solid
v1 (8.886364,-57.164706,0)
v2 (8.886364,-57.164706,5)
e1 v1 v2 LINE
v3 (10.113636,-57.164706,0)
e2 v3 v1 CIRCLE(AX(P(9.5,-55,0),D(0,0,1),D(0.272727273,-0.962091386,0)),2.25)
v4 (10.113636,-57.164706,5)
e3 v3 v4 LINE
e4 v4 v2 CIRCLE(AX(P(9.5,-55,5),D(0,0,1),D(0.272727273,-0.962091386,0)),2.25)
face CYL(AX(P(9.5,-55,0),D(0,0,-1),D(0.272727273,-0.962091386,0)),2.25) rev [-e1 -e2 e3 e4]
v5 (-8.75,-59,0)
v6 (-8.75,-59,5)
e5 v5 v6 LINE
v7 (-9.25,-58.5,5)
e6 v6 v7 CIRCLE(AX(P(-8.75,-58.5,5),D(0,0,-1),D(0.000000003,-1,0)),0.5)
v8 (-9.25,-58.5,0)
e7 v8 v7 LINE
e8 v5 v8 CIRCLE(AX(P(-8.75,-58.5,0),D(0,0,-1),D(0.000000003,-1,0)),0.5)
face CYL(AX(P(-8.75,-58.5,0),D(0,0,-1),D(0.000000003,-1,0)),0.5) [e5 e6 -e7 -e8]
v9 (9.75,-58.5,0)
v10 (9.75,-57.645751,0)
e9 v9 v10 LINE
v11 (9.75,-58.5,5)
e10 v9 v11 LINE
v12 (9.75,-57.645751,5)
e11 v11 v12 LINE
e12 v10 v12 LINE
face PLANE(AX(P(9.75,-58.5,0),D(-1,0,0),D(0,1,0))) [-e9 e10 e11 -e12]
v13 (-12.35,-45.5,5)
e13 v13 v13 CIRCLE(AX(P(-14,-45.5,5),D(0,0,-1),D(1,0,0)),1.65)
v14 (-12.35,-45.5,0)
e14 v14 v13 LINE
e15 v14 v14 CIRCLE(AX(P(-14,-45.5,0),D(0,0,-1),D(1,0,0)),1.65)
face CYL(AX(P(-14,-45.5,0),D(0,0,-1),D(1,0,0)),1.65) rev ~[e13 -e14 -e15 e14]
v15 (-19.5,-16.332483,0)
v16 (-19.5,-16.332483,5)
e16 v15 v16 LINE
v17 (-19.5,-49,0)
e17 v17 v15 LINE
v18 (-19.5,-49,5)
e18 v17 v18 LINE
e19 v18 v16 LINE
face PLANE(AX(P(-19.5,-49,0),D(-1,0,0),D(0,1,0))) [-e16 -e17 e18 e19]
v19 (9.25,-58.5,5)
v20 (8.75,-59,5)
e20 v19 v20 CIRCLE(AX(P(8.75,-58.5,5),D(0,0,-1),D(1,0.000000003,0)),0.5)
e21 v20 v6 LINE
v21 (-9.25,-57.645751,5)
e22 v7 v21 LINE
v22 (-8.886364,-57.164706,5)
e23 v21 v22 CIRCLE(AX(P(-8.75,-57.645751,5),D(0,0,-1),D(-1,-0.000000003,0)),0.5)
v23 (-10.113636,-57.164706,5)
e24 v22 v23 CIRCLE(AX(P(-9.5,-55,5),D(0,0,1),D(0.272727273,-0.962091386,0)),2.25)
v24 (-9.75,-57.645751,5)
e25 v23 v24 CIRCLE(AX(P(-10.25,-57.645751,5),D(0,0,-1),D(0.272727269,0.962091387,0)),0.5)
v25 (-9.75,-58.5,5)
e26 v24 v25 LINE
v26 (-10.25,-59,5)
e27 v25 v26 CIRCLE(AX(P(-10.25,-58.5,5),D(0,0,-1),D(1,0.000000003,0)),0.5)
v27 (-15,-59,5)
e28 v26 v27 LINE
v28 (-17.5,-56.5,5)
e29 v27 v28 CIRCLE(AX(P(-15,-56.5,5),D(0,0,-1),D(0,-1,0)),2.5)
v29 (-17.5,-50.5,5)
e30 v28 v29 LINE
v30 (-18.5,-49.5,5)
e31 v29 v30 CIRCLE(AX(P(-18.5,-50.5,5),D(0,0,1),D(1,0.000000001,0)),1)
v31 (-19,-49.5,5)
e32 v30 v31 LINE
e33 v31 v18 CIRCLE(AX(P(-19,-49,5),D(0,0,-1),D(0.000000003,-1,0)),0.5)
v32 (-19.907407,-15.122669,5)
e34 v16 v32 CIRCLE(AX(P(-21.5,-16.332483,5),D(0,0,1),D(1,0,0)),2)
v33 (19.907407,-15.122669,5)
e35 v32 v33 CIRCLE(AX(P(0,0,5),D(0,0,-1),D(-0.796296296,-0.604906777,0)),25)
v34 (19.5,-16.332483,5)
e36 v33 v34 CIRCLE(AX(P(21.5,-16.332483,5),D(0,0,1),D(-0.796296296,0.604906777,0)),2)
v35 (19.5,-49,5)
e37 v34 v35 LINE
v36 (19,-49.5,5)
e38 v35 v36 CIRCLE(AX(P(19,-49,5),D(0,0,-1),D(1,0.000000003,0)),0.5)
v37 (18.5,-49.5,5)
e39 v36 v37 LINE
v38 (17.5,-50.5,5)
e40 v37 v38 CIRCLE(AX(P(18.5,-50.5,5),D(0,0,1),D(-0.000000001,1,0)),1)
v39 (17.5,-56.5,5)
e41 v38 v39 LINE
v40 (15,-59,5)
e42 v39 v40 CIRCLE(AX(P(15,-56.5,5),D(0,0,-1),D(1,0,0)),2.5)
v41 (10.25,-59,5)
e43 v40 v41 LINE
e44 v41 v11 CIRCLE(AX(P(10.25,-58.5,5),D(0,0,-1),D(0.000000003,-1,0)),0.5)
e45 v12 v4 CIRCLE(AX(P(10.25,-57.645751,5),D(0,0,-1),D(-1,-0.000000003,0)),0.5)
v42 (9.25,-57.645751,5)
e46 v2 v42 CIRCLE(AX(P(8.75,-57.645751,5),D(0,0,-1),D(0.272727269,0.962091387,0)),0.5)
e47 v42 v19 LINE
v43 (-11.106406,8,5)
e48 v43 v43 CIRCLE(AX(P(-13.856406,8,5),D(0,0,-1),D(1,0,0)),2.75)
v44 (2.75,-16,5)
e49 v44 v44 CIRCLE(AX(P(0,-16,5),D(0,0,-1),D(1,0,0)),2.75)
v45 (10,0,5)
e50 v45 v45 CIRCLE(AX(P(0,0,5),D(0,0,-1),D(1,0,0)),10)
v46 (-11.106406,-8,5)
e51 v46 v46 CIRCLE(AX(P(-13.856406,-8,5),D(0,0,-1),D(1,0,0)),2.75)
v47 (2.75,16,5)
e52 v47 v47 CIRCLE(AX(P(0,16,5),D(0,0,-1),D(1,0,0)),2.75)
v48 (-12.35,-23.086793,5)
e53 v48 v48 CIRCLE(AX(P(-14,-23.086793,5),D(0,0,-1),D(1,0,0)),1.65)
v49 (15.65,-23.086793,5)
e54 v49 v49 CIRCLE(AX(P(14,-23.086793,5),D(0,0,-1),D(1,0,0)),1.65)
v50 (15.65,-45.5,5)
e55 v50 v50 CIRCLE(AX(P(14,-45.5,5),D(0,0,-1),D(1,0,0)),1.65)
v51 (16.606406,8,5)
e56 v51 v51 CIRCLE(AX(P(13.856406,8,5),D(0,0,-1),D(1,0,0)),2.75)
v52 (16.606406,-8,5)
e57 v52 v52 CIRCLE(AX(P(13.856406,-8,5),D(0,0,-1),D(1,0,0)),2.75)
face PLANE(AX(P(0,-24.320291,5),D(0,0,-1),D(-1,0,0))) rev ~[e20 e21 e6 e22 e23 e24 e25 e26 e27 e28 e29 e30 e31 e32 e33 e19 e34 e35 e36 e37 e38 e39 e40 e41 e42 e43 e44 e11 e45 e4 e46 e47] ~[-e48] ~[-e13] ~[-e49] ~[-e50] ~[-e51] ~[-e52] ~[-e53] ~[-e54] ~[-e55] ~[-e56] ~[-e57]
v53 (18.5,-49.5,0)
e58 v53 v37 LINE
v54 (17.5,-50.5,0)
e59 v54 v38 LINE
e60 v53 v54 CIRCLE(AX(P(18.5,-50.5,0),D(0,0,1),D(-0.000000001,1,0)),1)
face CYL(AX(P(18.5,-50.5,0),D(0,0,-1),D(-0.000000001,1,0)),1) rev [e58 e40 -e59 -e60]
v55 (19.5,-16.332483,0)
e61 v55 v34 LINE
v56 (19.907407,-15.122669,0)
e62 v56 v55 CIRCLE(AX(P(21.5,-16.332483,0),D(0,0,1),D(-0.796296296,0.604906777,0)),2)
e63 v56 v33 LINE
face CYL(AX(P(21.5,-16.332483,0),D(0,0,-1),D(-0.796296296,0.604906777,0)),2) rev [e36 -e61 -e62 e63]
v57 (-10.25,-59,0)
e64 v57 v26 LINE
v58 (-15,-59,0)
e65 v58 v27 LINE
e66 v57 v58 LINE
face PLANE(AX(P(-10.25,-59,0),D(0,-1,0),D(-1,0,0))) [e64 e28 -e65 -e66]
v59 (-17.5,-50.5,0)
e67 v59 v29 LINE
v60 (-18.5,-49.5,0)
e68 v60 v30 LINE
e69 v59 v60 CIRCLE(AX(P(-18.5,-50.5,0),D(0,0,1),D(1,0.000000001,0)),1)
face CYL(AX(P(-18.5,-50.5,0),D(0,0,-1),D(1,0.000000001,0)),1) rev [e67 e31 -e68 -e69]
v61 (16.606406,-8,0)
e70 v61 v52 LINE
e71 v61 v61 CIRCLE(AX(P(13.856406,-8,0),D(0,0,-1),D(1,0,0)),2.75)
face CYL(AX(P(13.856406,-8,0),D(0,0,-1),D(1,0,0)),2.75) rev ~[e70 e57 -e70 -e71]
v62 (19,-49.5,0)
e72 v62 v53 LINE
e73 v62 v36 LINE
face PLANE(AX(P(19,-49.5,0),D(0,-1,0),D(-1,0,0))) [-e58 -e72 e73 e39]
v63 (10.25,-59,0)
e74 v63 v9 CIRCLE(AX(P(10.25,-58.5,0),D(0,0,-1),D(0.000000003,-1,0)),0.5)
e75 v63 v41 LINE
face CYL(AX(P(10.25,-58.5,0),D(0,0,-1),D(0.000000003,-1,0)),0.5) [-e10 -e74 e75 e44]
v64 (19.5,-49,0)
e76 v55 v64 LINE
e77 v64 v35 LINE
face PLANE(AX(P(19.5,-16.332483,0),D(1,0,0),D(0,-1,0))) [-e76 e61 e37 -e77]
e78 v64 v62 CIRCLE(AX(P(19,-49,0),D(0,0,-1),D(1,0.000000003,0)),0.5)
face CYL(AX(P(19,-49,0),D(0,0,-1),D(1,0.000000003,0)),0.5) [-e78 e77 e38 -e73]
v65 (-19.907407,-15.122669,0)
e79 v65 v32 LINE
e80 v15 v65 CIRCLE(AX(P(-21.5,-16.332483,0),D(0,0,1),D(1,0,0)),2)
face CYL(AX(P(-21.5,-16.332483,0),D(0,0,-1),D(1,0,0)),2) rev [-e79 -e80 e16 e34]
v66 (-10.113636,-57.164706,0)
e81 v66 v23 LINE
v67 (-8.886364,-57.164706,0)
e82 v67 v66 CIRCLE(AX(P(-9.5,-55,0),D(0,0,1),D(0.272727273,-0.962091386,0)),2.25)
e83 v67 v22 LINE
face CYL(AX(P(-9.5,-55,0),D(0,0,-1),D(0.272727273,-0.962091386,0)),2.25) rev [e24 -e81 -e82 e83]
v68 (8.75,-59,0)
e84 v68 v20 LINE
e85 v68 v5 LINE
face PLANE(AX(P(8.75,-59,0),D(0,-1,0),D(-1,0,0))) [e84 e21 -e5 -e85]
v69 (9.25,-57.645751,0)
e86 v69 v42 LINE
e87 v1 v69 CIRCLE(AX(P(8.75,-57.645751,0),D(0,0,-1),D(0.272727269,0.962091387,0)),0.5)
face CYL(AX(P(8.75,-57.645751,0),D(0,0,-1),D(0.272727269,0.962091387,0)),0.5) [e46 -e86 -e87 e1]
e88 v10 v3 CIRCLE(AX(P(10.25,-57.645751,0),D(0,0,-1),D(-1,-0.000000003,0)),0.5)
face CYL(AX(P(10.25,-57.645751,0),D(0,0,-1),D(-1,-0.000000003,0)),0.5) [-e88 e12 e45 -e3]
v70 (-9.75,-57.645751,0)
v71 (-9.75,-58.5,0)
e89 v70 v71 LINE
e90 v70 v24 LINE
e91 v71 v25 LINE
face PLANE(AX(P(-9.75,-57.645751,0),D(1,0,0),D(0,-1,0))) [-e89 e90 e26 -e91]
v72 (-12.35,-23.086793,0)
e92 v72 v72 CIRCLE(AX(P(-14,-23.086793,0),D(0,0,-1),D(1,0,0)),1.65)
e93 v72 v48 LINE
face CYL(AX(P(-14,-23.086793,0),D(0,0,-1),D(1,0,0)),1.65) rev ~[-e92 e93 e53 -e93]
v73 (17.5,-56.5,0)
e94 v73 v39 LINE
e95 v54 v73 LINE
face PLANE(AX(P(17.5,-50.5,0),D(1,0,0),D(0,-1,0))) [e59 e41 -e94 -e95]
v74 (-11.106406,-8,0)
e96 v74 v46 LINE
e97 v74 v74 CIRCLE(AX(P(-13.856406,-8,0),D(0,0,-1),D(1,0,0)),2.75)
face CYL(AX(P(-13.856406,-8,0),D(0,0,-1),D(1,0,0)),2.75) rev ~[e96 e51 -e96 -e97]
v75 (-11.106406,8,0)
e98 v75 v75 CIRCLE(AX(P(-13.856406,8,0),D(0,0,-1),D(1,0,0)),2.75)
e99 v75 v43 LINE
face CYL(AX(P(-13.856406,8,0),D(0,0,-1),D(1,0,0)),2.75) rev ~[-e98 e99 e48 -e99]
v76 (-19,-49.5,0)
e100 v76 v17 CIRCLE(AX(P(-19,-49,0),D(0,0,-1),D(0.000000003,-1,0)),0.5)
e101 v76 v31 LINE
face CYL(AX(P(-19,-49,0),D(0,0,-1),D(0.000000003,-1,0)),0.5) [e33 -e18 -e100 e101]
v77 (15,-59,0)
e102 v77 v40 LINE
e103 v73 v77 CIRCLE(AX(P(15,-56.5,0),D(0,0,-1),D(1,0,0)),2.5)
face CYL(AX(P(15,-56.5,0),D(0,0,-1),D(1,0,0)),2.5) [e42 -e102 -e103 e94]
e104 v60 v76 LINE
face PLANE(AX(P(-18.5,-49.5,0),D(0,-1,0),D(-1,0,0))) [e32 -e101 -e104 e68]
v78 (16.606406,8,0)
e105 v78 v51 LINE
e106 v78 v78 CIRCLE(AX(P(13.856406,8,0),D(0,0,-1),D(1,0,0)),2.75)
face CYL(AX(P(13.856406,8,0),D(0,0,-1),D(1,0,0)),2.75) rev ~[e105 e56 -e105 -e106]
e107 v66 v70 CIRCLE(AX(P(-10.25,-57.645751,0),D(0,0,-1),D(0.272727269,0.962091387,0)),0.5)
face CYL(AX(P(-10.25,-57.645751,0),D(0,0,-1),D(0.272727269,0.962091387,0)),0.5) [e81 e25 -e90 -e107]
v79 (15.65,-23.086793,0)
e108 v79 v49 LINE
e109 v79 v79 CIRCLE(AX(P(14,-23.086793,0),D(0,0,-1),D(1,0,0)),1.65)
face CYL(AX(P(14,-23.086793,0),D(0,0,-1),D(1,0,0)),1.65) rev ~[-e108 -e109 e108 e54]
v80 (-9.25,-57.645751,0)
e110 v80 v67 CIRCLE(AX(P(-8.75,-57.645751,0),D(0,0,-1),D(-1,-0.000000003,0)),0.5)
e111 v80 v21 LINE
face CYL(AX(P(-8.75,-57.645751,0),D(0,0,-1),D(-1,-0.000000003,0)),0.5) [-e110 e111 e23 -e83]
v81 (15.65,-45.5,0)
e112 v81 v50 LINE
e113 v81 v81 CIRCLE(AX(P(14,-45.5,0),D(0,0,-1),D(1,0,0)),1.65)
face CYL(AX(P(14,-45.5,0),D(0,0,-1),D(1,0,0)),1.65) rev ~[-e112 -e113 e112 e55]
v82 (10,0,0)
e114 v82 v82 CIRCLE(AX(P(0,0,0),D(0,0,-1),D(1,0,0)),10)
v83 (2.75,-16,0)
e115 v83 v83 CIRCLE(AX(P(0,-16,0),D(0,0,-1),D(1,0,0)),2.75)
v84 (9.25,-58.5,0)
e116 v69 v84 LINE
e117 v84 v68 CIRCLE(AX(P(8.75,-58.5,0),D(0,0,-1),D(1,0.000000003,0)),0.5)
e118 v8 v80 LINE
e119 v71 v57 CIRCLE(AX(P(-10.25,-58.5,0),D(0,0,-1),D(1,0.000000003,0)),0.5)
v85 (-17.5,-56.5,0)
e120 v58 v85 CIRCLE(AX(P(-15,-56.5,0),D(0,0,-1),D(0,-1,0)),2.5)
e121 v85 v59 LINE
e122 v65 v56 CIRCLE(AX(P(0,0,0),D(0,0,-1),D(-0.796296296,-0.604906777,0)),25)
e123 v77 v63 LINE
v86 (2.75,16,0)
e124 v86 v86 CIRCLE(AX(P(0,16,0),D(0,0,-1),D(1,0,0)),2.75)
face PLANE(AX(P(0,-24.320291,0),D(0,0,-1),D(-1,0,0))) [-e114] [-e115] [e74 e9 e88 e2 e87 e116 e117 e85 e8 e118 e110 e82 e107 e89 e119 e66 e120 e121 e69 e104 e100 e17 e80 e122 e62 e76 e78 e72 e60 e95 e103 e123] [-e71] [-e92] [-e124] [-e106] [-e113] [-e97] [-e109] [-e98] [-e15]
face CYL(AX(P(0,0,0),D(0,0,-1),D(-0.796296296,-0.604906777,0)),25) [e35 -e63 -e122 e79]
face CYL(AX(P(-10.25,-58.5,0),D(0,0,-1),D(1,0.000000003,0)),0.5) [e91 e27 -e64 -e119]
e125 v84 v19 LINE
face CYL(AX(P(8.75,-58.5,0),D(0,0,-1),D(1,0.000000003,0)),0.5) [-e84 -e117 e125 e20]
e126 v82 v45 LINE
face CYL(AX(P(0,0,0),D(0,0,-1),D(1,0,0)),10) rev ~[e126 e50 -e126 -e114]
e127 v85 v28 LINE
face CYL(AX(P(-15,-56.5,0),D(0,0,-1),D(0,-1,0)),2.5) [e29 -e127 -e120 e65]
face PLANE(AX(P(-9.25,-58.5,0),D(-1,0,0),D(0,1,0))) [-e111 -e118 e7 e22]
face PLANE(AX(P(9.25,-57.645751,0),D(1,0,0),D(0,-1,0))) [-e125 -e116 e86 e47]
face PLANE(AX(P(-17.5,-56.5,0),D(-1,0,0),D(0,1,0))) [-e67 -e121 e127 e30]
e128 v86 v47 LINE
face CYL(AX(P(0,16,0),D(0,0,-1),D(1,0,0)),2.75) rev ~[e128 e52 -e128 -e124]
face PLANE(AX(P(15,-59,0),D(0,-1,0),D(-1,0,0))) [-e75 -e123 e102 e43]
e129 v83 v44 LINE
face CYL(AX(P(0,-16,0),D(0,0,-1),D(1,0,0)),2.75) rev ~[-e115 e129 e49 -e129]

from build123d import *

# Parameters (mm, degrees)
SKETCH_1_R      = 10
SKETCH_1_R_2    = 2.75
SKETCH_1_R_3    = 1.65
EXTRUDE_1_DEPTH = 5


with BuildPart() as part:
    # 草图1 → 凸台-拉伸1 (new body)
    with BuildSketch(Plane(origin=(0, 0, 0), x_dir=(-1, 0, 0), z_dir=(0, 0, -1))):
        with BuildLine():
            Line((-15, -59), (-10.25, -59))
            ThreePointArc((-10.25, -59), (-9.896446609, -58.853553391), (-9.75, -58.5))
            Line((-9.75, -58.5), (-9.75, -57.645751311))
            ThreePointArc((-9.75, -57.645751311), (-9.851137982, -57.344239966), (-10.113636364, -57.164705618))
            ThreePointArc((-10.113636364, -57.164705618), (-9.5, -52.75), (-8.886363636, -57.164705618))
            ThreePointArc((-8.886363636, -57.164705618), (-9.148862018, -57.344239966), (-9.25, -57.645751311))
            Line((-9.25, -57.645751311), (-9.25, -58.5))
            ThreePointArc((-9.25, -58.5), (-9.103553391, -58.853553391), (-8.75, -59))
            Line((-8.75, -59), (8.75, -59))
            ThreePointArc((8.75, -59), (9.103553391, -58.853553391), (9.25, -58.5))
            Line((9.25, -58.5), (9.25, -57.645751311))
            ThreePointArc((9.25, -57.645751311), (9.148862018, -57.344239966), (8.886363636, -57.164705618))
            ThreePointArc((8.886363636, -57.164705618), (9.5, -52.75), (10.113636364, -57.164705618))
            ThreePointArc((10.113636364, -57.164705618), (9.851137982, -57.344239966), (9.75, -57.645751311))
            Line((9.75, -57.645751311), (9.75, -58.5))
            ThreePointArc((9.75, -58.5), (9.896446609, -58.853553391), (10.25, -59))
            Line((10.25, -59), (15, -59))
            ThreePointArc((15, -59), (16.767766953, -58.267766953), (17.5, -56.5))
            Line((17.5, -56.5), (17.5, -50.5))
            ThreePointArc((17.5, -50.5), (17.792893219, -49.792893219), (18.5, -49.5))
            Line((18.5, -49.5), (19, -49.5))
            ThreePointArc((19, -49.5), (19.353553391, -49.353553391), (19.5, -49))
            Line((19.5, -49), (19.5, -16.332482971))
            ThreePointArc((19.5, -16.332482971), (19.604586432, -15.694198233), (19.907407407, -15.122669418))
            ThreePointArc((19.907407407, -15.122669418), (0, 25), (-19.907407407, -15.122669418))
            ThreePointArc((-19.907407407, -15.122669418), (-19.604586432, -15.694198233), (-19.5, -16.332482971))
            Line((-19.5, -16.332482971), (-19.5, -49))
            ThreePointArc((-19.5, -49), (-19.353553391, -49.353553391), (-19, -49.5))
            Line((-19, -49.5), (-18.5, -49.5))
            ThreePointArc((-18.5, -49.5), (-17.792893219, -49.792893219), (-17.5, -50.5))
            Line((-17.5, -50.5), (-17.5, -56.5))
            ThreePointArc((-17.5, -56.5), (-16.767766953, -58.267766953), (-15, -59))
        make_face()
        with Locations(Location((0, 0, 0), (0, 0, 180))):
            Circle(SKETCH_1_R, mode=Mode.SUBTRACT)
        with Locations(Location((13.856406461, 8, 0), (0, 0, 180))):
            Circle(SKETCH_1_R_2, mode=Mode.SUBTRACT)
        with Locations(Location((13.856406461, -8, 0), (0, 0, 180))):
            Circle(SKETCH_1_R_2, mode=Mode.SUBTRACT)
        with Locations(Location((0, -16, 0), (0, 0, 180))):
            Circle(SKETCH_1_R_2, mode=Mode.SUBTRACT)
        with Locations(Location((-13.856406461, -8, 0), (0, 0, 180))):
            Circle(SKETCH_1_R_2, mode=Mode.SUBTRACT)
        with Locations(Location((-13.856406461, 8, 0), (0, 0, 180))):
            Circle(SKETCH_1_R_2, mode=Mode.SUBTRACT)
        with Locations(Location((0, 16, 0), (0, 0, 180))):
            Circle(SKETCH_1_R_2, mode=Mode.SUBTRACT)
        with Locations(Location((14, -23.086792761, 0), (0, 0, 180))):
            Circle(SKETCH_1_R_3, mode=Mode.SUBTRACT)
        with Locations(Location((-14, -23.086792761, 0), (0, 0, 180))):
            Circle(SKETCH_1_R_3, mode=Mode.SUBTRACT)
        with Locations(Location((-14, -45.5, 0), (0, 0, 180))):
            Circle(SKETCH_1_R_3, mode=Mode.SUBTRACT)
        with Locations(Location((14, -45.5, 0), (0, 0, 180))):
            Circle(SKETCH_1_R_3, mode=Mode.SUBTRACT)
    extrude(amount=-EXTRUDE_1_DEPTH)


solid = part.part
